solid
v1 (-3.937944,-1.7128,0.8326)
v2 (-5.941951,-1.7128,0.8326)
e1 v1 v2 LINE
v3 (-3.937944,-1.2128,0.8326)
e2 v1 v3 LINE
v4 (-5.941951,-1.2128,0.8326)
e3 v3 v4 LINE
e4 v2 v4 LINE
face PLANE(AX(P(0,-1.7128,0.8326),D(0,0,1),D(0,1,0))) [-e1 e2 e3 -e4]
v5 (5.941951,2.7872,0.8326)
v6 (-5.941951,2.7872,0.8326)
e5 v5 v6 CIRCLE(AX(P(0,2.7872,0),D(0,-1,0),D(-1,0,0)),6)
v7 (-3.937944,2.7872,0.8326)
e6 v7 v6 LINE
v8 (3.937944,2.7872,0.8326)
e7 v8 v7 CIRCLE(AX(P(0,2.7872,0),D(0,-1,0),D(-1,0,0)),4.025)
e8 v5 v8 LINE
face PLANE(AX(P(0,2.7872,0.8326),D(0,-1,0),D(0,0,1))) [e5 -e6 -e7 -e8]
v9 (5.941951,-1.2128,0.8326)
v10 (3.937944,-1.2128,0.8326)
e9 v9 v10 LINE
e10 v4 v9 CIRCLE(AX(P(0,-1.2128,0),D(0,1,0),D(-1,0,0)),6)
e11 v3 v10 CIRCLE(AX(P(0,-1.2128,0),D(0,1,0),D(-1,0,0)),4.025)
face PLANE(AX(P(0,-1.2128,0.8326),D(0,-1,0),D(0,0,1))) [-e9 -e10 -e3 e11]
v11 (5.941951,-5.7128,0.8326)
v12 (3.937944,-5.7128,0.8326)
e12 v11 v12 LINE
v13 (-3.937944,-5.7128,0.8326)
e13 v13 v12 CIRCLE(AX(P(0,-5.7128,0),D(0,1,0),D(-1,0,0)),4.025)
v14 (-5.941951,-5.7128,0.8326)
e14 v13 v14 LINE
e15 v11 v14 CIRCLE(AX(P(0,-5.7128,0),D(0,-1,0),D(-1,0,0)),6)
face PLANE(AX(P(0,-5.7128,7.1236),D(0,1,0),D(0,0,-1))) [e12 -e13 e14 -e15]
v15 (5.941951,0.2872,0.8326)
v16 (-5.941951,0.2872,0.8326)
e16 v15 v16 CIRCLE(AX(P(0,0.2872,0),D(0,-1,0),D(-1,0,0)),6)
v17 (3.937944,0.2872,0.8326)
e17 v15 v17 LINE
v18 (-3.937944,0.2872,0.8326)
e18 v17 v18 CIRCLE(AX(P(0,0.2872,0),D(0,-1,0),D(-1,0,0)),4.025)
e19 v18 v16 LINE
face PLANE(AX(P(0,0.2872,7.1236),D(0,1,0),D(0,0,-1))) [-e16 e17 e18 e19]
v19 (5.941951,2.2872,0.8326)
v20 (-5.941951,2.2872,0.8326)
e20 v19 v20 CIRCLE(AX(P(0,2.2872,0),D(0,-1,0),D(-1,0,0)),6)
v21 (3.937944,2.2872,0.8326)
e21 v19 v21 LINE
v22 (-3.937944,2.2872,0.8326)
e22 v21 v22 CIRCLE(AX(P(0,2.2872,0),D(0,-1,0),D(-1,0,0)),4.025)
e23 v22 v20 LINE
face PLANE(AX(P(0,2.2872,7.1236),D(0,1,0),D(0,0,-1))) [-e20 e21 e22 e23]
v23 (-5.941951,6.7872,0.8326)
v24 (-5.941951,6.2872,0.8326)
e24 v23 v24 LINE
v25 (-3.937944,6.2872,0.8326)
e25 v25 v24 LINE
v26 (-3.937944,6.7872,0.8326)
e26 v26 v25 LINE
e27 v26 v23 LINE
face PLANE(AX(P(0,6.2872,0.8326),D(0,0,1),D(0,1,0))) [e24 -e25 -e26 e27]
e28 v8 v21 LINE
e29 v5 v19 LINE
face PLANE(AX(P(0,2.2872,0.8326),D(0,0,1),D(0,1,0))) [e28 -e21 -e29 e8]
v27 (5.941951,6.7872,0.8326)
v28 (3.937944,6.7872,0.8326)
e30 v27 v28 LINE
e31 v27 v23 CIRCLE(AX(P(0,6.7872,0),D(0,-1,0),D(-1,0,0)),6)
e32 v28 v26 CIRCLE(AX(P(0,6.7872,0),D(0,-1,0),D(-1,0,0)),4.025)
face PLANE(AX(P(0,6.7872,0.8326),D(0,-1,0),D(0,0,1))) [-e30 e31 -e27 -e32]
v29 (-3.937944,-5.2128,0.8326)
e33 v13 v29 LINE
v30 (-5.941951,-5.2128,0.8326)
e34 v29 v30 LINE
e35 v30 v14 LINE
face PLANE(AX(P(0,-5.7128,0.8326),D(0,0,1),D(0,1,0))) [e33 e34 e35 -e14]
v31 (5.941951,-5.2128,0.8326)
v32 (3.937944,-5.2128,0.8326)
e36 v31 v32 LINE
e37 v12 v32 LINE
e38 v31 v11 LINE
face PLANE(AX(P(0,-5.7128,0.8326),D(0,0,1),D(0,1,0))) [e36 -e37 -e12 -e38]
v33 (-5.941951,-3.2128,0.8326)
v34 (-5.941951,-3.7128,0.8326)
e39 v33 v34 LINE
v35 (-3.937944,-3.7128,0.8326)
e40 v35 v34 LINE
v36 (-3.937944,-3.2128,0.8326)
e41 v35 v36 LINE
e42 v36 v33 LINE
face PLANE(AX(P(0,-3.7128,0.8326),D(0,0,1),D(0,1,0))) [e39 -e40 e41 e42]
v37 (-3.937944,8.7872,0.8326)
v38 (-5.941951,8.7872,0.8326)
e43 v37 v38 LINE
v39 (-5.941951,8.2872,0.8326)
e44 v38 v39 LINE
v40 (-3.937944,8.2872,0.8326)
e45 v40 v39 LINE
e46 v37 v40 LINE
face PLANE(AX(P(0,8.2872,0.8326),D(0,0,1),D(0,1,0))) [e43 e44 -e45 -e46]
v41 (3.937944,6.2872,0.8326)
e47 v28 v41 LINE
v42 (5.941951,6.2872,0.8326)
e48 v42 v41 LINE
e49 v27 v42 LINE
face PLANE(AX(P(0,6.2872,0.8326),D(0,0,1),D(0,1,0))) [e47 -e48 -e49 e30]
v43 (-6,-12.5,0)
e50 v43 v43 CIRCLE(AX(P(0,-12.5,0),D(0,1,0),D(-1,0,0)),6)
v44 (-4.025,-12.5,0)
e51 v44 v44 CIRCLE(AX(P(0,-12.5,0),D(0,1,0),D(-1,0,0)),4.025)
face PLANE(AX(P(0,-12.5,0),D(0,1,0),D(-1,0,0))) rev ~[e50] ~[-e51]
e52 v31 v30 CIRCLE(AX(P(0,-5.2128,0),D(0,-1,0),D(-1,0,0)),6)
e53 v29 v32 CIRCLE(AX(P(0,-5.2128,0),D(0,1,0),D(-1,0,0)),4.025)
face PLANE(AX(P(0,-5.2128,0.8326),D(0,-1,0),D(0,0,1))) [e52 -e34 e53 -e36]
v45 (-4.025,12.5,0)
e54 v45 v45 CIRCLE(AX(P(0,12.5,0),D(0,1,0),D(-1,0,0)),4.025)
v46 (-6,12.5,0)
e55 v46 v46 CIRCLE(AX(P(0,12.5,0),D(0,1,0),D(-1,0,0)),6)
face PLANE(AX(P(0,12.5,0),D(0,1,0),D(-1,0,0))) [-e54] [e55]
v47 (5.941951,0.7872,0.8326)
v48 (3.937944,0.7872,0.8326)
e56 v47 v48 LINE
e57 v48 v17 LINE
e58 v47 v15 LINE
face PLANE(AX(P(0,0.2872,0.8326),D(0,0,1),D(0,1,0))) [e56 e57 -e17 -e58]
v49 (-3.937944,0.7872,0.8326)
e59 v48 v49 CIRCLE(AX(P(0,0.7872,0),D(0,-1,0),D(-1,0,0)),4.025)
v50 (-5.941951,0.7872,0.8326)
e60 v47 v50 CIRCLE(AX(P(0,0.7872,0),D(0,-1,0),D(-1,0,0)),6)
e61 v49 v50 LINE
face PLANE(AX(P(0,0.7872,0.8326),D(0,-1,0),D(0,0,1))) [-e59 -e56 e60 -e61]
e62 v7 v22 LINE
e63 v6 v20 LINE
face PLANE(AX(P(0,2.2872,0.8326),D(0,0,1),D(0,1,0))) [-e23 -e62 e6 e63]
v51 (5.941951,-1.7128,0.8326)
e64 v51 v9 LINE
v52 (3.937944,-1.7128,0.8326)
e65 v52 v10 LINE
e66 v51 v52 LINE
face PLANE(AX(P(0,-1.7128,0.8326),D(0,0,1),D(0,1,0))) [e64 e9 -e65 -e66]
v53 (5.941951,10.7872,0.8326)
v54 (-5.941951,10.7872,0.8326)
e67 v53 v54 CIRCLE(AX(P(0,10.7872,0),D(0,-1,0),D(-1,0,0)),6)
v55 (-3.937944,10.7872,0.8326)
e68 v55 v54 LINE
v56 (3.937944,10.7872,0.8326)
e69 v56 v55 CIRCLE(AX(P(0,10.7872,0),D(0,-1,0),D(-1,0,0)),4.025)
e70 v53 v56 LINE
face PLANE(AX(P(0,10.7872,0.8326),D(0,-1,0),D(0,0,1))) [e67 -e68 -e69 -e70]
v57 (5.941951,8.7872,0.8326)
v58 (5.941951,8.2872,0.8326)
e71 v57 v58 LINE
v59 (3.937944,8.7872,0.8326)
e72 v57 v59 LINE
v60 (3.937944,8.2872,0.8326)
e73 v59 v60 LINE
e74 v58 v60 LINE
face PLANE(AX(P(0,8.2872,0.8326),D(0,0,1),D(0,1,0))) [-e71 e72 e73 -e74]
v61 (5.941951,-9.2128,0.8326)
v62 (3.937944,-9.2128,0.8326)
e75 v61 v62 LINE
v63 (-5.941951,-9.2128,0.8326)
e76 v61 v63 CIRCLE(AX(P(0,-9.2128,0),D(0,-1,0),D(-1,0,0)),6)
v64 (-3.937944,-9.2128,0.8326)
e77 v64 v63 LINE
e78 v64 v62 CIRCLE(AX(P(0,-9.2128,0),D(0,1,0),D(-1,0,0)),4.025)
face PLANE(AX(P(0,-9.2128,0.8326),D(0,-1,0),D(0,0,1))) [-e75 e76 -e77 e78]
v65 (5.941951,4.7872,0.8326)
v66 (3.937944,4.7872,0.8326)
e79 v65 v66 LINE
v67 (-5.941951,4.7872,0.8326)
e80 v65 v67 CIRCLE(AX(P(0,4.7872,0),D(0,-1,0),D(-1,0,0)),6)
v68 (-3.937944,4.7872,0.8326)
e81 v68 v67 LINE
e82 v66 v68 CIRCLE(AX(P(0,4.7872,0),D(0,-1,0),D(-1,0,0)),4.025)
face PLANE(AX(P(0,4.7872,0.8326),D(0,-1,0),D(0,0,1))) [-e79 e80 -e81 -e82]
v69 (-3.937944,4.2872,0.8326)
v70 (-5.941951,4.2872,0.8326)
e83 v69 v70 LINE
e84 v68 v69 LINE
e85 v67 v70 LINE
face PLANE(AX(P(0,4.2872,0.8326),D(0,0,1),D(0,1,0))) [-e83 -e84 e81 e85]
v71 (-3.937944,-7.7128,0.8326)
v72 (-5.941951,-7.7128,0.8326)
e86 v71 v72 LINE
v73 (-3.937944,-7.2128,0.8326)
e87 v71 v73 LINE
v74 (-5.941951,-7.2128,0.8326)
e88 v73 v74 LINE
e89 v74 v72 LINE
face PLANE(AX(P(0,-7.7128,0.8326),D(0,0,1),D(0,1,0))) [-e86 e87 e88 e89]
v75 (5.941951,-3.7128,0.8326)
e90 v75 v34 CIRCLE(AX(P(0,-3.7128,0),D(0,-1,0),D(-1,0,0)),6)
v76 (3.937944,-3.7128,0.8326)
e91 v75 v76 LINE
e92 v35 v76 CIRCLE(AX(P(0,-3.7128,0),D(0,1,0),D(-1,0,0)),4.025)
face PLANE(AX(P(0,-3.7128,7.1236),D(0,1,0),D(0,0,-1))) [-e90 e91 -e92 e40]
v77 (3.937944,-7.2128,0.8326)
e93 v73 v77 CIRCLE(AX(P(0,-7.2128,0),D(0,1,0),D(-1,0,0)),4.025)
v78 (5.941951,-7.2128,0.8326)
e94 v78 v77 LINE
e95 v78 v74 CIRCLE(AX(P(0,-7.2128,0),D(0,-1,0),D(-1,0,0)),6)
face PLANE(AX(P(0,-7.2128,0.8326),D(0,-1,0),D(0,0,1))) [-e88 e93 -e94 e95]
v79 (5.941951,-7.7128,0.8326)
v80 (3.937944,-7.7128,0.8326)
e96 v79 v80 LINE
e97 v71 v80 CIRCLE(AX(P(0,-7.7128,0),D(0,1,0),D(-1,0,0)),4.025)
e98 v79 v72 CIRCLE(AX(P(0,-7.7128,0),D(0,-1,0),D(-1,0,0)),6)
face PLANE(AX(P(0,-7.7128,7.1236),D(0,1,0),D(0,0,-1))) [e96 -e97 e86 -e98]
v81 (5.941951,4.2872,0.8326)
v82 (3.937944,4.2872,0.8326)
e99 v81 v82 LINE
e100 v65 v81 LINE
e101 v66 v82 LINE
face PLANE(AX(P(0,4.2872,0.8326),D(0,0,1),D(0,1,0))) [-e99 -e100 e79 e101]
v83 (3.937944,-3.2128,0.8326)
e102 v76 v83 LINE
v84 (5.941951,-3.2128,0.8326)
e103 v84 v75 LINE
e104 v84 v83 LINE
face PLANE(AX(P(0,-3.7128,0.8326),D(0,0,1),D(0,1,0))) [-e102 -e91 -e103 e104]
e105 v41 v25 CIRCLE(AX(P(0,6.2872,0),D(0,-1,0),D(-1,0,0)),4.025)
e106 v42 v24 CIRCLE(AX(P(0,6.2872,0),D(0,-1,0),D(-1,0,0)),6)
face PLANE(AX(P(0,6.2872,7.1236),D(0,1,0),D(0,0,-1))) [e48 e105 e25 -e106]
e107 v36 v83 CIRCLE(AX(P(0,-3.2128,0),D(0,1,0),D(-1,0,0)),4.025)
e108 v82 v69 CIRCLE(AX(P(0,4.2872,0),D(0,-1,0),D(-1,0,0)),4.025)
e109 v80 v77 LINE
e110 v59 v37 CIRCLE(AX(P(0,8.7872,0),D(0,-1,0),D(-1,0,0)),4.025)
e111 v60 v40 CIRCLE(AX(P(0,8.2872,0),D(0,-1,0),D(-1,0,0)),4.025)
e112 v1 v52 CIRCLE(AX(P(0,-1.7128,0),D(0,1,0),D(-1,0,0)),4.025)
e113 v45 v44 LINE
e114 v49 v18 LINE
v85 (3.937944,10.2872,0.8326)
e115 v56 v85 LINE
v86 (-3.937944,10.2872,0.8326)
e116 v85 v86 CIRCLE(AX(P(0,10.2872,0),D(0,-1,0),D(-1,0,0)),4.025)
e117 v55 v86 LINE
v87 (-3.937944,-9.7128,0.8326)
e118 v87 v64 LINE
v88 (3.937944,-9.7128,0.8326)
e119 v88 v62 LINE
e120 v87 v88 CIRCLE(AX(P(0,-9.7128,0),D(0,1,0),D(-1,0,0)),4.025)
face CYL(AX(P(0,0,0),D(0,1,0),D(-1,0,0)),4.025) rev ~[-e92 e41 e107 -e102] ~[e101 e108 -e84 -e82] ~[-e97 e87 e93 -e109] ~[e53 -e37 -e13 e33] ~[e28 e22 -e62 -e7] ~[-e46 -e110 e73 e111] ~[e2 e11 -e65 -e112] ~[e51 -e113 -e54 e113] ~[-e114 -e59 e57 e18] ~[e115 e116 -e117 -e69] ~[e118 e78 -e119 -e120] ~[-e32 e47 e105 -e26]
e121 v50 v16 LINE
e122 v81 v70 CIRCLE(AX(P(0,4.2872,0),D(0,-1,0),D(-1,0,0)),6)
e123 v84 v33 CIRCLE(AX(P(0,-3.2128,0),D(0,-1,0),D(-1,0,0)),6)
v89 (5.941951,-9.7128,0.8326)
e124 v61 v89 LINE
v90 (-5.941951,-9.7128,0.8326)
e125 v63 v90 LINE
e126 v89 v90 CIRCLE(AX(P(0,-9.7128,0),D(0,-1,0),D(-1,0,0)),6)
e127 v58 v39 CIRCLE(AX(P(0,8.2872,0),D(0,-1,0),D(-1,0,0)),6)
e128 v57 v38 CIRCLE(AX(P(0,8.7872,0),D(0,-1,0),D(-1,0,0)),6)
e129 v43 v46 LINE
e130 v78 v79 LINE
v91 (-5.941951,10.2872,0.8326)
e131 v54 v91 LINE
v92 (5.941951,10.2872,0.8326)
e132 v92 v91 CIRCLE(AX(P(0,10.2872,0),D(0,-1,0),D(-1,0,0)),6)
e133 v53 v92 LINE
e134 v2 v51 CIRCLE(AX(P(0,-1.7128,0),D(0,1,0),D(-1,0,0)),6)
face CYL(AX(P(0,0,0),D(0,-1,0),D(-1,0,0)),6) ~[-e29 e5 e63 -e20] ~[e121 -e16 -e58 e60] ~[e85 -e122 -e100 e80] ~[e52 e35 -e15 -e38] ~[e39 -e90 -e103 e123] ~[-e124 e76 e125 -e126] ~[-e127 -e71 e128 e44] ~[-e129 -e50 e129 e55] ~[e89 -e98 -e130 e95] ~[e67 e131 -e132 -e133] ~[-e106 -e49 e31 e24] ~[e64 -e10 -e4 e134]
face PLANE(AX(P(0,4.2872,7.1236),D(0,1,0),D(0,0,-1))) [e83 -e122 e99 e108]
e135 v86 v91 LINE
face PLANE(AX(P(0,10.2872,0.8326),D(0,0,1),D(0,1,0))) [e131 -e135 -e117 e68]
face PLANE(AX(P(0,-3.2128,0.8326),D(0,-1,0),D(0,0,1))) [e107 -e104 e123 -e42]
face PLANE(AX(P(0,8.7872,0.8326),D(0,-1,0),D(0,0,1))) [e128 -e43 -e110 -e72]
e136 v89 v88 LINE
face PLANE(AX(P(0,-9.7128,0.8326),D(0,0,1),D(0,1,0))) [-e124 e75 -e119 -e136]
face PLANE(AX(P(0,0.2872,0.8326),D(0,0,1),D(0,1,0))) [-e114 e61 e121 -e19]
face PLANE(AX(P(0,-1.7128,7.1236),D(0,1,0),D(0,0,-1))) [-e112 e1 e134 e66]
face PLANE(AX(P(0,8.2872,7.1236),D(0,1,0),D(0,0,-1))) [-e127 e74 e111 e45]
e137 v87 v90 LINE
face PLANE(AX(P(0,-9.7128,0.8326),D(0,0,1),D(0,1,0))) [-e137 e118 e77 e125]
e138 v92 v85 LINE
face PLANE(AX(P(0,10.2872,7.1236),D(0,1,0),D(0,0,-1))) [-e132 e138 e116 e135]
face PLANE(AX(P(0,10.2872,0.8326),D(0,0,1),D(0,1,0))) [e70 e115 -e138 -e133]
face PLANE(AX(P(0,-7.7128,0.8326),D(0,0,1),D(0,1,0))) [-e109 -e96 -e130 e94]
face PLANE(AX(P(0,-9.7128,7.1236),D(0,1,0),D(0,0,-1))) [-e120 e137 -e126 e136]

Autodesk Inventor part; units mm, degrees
ref_plane "YZ Plane" through (0, 0, 0) normal (1, 0, 0) x (0, 1, 0)
ref_plane "XZ Plane" through (0, 0, 0) normal (0, 1, 0) x (-1, 0, 0)
ref_plane "XY Plane" through (0, 0, 0) normal (0, 0, 1) x (1, 0, 0)
sketch "Boceto1" plane through (0, 0, 0) normal (0, 1, 0) x (-1, 0, 0)
  circle A0 centre (0, 0) radius 4.025
  circle A1 centre (0, 0) radius 6
  dimension "d0" = 8.05
  dimension "d1" = 12
extrude "Extrusión1" add sketch "Boceto1" along normal mid plane 25
sketch "Boceto2" plane through (0, 0, 0) normal (1, 0, 0) x (0, 1, 0)
  line L0 (10.7872, 7.1236) -> (10.2872, 7.1236)
  line L1 (10.2872, 7.1236) -> (10.2872, 0.8326)
  line L2 (10.2872, 0.8326) -> (10.7872, 0.8326)
  line L3 (10.7872, 0.8326) -> (10.7872, 7.1236)
  point P0 (0, 0)
  dimension "d4" = 0.5
extrude "Extrusión2" cut sketch "Boceto2" along normal mid plane 25
pattern_linear "Patrón rectangular1" count 11 spacing 2 along (0, -1, 0) of "Extrusión2"
properties part number "unión"
